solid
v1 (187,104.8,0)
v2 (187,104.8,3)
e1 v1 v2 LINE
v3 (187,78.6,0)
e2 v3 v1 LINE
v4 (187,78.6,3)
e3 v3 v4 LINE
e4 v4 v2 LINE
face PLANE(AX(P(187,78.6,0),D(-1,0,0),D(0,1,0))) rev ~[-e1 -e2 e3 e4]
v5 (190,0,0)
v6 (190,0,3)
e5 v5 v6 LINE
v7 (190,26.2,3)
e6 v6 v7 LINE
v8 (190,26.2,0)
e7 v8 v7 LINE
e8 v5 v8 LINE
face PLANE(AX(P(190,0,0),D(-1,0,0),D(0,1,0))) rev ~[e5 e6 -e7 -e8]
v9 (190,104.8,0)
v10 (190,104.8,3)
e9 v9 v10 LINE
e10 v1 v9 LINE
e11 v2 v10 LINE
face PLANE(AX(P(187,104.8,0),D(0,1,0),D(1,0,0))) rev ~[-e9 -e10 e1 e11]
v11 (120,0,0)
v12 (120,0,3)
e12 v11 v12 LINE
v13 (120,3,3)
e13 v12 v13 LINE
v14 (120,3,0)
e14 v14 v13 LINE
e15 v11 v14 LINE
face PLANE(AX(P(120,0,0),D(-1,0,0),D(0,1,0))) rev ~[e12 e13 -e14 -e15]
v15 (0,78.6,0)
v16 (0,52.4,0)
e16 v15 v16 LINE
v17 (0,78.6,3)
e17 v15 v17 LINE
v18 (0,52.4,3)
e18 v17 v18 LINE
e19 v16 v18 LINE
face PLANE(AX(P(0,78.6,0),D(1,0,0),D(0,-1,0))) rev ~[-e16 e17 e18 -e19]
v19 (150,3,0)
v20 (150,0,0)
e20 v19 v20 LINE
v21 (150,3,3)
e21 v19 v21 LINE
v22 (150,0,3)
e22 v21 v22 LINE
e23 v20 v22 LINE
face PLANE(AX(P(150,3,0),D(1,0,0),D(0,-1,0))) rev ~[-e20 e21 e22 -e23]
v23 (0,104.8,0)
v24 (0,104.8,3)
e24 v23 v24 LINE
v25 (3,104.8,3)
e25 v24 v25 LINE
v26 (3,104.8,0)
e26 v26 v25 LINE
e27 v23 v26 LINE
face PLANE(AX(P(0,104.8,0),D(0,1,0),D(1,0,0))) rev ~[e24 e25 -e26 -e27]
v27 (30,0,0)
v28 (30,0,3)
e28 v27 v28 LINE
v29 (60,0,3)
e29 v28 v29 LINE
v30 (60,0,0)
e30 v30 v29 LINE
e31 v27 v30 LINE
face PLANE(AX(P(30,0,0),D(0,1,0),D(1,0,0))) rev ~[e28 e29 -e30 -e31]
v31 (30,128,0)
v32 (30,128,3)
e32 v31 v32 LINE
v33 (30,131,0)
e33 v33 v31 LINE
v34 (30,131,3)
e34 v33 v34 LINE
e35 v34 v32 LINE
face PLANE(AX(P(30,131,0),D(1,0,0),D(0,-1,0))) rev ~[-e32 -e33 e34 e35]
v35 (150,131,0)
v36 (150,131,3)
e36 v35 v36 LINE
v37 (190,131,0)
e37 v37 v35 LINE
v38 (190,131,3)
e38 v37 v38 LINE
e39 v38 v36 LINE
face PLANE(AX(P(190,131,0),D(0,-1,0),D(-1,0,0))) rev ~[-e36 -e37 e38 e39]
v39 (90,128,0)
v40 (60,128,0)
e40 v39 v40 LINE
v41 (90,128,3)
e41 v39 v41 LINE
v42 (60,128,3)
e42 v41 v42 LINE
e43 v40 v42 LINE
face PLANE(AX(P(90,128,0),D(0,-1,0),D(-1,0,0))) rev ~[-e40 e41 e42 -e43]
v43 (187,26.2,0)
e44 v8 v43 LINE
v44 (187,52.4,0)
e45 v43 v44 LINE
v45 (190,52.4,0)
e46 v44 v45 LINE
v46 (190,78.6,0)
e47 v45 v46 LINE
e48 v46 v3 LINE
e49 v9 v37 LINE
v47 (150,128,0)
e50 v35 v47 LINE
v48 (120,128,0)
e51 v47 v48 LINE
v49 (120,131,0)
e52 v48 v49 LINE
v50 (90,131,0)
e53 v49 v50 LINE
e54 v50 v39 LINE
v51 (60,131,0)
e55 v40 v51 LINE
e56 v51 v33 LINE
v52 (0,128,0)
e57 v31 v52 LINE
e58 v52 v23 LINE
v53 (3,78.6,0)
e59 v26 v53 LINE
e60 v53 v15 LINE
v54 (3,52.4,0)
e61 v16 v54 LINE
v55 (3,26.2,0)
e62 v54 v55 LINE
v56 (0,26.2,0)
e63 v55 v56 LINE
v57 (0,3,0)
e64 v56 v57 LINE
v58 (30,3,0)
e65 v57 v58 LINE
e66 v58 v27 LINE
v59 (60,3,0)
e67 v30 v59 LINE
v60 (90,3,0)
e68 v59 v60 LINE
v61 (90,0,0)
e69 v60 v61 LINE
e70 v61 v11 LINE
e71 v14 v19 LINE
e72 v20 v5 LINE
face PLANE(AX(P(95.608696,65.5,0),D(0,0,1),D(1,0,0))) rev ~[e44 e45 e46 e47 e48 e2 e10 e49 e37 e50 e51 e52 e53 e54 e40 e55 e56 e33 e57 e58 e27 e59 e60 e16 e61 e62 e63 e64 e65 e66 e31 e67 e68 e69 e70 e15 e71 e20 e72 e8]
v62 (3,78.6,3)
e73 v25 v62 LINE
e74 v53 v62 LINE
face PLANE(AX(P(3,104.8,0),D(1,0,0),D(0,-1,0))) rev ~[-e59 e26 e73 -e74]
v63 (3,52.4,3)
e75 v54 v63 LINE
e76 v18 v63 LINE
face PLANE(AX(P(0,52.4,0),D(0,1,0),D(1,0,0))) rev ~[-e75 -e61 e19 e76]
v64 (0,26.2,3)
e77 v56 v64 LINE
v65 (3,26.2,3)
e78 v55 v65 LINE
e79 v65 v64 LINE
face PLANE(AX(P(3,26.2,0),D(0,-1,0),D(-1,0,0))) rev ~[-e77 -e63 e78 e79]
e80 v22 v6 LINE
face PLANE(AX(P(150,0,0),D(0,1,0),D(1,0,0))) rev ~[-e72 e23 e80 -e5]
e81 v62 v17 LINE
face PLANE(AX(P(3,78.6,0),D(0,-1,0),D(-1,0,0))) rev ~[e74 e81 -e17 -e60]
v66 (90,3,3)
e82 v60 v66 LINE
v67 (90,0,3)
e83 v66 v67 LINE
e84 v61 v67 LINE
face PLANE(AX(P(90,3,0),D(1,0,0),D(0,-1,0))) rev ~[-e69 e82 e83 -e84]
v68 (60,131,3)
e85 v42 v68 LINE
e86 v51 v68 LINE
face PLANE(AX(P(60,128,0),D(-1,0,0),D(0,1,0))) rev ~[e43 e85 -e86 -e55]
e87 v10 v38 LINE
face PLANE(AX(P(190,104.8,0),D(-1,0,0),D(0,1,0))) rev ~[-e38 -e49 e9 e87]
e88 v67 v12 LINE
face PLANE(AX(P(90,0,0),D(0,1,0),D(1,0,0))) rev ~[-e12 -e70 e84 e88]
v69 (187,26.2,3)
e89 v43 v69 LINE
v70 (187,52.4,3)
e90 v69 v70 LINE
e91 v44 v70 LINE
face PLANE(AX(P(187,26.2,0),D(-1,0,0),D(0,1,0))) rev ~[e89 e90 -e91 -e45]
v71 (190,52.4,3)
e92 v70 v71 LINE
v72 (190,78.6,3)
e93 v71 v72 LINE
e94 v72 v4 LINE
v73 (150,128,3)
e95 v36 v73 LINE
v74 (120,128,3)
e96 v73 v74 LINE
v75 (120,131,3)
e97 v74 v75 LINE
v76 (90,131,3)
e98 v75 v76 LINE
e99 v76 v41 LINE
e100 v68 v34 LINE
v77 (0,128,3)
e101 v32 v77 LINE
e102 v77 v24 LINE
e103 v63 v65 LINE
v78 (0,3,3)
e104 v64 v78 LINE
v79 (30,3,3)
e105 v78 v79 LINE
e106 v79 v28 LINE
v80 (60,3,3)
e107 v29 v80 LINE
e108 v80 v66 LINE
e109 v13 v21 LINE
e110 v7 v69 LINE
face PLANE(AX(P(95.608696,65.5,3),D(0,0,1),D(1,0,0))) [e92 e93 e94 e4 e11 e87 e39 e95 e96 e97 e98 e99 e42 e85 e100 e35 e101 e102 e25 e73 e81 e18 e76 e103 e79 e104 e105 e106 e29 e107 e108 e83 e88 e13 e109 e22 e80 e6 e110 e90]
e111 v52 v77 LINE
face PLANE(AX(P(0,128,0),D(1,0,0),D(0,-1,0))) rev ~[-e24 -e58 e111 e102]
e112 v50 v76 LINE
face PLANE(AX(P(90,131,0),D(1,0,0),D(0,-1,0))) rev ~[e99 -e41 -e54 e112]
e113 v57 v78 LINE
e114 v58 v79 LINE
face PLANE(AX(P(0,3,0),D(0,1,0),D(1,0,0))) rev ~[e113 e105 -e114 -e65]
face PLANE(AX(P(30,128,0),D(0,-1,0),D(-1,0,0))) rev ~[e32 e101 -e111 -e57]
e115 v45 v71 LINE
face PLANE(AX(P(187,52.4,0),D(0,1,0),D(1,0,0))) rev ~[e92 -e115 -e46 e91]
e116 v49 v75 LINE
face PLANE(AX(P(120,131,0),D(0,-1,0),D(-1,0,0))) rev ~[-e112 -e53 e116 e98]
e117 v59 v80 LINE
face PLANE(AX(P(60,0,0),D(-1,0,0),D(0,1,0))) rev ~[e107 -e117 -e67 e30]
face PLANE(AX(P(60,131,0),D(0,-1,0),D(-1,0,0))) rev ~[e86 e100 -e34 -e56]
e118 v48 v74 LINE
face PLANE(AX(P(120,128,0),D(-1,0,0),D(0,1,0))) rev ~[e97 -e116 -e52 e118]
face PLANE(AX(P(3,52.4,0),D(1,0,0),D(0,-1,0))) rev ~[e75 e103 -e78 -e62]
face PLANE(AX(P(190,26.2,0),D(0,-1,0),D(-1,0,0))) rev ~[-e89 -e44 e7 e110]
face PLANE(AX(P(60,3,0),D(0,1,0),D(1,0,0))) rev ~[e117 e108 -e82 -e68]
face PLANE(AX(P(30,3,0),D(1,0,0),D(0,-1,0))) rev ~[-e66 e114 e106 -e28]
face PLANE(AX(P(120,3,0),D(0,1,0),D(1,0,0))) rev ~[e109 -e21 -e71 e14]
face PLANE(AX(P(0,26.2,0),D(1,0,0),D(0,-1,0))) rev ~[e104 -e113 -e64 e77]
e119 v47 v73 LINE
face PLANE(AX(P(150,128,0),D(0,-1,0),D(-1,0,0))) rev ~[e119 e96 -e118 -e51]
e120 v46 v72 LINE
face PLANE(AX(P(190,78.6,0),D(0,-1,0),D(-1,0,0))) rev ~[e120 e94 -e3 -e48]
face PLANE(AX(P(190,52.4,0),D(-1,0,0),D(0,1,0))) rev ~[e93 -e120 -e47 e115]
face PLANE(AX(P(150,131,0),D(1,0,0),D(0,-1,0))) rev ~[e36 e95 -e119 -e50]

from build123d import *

# Parameters (mm, degrees)
BOSS_EXTRUDE1_DEPTH = 3


with BuildPart() as part:
    # Sketch1 → Boss-Extrude1 (new body)
    with BuildSketch(Plane.XY):
        Polygon((60, 128), (60, 131), (30, 131), (30, 128), (0, 128), (0, 104.8), (3, 104.8), (3, 78.6), (0, 78.6), (0, 52.4), (3, 52.4), (3, 26.2), (0, 26.2), (0, 3), (30, 3), (30, 0), (60, 0), (60, 3), (90, 3), (90, 0), (120, 0), (120, 3), (150, 3), (150, 0), (190, 0), (190, 26.2), (187, 26.2), (187, 52.4), (190, 52.4), (190, 78.6), (187, 78.6), (187, 104.8), (190, 104.8), (190, 131), (150, 131), (150, 128), (120, 128), (120, 131), (90, 131), (90, 128), align=None)
    extrude(amount=BOSS_EXTRUDE1_DEPTH)


solid = part.part
